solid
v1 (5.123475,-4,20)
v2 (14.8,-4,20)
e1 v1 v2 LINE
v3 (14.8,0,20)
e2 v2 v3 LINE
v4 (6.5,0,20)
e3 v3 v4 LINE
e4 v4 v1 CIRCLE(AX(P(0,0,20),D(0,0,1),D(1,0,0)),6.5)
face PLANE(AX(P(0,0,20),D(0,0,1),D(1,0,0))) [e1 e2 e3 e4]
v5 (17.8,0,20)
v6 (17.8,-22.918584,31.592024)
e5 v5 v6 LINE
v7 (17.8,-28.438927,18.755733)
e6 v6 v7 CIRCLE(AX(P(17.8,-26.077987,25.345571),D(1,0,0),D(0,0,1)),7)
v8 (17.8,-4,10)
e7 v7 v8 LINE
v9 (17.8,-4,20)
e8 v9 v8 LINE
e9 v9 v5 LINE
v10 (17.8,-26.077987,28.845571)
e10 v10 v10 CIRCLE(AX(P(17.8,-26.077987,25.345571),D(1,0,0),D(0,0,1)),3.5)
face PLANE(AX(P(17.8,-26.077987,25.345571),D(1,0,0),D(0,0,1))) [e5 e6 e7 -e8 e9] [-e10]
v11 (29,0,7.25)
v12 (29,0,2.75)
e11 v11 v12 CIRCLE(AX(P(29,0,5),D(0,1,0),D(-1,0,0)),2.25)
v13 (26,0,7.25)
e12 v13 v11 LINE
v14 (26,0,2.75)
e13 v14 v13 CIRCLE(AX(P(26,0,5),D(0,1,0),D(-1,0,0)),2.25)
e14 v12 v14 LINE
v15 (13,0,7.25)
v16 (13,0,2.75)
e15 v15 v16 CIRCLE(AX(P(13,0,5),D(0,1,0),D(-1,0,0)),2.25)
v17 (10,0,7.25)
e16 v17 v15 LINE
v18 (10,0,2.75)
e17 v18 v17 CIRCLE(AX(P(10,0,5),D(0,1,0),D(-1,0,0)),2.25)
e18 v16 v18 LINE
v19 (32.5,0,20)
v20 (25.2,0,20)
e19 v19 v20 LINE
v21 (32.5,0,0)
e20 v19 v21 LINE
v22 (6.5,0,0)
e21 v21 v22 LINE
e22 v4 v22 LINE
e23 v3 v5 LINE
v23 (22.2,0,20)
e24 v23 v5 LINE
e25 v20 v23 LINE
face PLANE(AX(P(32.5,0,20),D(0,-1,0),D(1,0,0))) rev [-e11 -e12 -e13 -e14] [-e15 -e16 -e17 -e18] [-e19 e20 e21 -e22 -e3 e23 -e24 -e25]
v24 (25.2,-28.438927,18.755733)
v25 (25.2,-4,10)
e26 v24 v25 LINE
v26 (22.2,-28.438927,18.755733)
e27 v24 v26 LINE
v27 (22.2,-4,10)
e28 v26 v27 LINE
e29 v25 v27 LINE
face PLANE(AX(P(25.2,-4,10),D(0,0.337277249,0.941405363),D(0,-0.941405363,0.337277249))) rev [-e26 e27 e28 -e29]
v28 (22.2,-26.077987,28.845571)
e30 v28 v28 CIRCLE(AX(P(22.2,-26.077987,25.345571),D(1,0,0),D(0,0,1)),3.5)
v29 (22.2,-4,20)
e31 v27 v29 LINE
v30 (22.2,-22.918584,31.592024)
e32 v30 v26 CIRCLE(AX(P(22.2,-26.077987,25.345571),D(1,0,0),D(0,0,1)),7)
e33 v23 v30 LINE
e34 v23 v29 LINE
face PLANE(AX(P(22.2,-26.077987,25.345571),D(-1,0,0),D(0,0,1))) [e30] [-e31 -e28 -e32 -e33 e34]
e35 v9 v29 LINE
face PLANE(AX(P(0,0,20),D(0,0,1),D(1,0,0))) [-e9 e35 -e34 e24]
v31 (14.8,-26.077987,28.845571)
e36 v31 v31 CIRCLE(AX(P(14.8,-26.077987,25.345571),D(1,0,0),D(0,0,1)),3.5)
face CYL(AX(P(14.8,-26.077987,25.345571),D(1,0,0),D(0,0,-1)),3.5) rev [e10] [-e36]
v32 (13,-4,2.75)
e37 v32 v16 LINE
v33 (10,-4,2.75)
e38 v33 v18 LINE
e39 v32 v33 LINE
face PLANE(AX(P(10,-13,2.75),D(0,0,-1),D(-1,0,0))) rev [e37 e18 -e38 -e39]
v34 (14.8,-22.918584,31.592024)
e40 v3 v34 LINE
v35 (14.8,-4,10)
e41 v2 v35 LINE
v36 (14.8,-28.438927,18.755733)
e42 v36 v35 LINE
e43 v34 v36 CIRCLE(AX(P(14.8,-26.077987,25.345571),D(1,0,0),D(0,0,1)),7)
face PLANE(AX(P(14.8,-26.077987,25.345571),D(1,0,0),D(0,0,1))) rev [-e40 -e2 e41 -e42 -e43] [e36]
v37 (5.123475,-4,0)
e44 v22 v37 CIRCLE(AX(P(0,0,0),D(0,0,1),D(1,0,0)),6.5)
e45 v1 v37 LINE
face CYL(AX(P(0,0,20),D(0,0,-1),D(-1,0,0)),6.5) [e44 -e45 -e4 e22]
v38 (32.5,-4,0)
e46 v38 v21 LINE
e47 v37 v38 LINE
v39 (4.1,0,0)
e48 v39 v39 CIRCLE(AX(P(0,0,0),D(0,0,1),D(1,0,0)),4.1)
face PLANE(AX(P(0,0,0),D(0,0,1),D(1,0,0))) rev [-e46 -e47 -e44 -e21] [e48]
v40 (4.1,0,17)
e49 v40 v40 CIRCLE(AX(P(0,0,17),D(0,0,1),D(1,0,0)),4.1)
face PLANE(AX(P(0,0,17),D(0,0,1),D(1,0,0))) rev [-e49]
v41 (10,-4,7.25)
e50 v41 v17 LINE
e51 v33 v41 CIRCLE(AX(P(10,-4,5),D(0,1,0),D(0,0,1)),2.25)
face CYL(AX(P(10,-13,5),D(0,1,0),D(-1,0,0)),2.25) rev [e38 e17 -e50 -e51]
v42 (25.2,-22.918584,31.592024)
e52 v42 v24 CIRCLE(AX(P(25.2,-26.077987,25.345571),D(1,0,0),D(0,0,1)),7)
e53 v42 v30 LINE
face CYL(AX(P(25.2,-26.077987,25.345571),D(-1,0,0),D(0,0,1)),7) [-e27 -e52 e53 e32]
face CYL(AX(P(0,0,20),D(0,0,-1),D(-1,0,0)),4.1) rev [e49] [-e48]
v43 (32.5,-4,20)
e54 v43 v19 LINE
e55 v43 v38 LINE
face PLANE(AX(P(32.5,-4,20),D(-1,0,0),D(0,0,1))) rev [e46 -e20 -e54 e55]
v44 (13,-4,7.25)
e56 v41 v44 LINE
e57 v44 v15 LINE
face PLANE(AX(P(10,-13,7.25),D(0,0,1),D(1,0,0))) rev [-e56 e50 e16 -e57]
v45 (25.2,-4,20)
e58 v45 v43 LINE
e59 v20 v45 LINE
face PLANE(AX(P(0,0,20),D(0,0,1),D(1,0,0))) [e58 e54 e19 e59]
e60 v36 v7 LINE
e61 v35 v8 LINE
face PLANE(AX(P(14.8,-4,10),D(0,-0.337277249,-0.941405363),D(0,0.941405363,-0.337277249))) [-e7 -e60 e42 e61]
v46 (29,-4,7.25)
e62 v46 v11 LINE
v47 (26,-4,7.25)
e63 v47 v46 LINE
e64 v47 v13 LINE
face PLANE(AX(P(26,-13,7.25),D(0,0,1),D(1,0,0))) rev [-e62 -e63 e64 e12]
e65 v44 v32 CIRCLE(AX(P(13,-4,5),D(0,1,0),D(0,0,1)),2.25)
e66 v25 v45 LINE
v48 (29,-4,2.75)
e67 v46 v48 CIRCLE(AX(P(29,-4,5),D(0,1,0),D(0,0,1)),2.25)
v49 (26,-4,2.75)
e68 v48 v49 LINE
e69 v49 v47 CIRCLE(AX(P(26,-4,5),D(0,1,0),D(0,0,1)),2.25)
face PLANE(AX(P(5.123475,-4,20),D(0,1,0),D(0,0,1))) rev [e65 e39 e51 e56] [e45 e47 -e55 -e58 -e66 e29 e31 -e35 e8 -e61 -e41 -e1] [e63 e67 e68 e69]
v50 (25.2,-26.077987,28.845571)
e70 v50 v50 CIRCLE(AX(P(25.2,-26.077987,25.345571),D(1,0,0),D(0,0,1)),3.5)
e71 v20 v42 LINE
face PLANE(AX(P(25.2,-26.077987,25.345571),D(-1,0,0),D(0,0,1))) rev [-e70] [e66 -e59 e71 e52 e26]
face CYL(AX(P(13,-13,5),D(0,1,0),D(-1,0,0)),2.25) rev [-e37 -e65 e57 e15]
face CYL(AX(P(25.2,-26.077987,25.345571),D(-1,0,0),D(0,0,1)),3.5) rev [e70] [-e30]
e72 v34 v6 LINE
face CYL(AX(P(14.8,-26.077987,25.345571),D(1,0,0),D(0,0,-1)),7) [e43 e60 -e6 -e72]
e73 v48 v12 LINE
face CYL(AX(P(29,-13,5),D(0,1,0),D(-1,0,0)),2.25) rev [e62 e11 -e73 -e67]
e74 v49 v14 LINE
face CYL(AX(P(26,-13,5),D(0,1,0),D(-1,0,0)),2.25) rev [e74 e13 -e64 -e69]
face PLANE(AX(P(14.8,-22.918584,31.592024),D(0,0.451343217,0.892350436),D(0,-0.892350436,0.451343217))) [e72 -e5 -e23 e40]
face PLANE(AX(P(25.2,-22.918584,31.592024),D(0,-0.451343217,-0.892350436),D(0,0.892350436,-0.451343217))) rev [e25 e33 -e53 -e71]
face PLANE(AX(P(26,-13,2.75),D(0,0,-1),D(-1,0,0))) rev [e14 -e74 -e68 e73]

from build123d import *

# Parameters (mm, degrees)
SKETCH_1_R          = 4.1
EXTRUDE_1_DEPTH     = 20
SKETCH_2_R          = 4.923200542
EXTRUDE_2_DEPTH     = 3
CUT_EXTRUDE_1_DEPTH = 13
SKETCH_6_R          = 3.5
EXTRUDE_3_DEPTH     = 3


with BuildPart() as part:
    # Эскиз1 → Бобышка-Вытянуть1 (new body)
    with BuildSketch(Plane.XY):
        with BuildLine():
            Line((5.123475383, -4), (32.5, -4))
            Line((32.5, -4), (32.5, 0))
            Line((32.5, 0), (6.5, 0))
            ThreePointArc((6.5, 0), (-6.146242348, 2.115113473), (5.123475383, -4))
        make_face()
        Circle(SKETCH_1_R, mode=Mode.SUBTRACT)
    extrude(amount=EXTRUDE_1_DEPTH)

    # Эскиз2 → Бобышка-Вытянуть2 (add)
    with BuildSketch(Plane.XY.offset(20)):
        Circle(SKETCH_2_R)
    extrude(amount=-EXTRUDE_2_DEPTH)

    # Эскиз3 → Вырез-Вытянуть1 (cut)
    with BuildSketch(Plane(origin=(0, 0, 0), x_dir=(1, 0, 0), z_dir=(0, 1, 0))):
        with BuildLine():
            Line((10, -7.25), (13, -7.25))
            ThreePointArc((13, -7.25), (15.25, -5), (13, -2.75))
            Line((13, -2.75), (10, -2.75))
            ThreePointArc((10, -2.75), (7.75, -5), (10, -7.25))
        make_face()
        with BuildLine():
            Line((26, -2.75), (29, -2.75))
            ThreePointArc((29, -2.75), (31.25, -5), (29, -7.25))
            Line((29, -7.25), (26, -7.25))
            ThreePointArc((26, -7.25), (23.75, -5), (26, -2.75))
        make_face()
    extrude(amount=-CUT_EXTRUDE_1_DEPTH, mode=Mode.SUBTRACT)

    # Эскиз6 → Бобышка-Вытянуть3 (add)
    with BuildSketch(Plane(origin=(22.2, 0, 0), x_dir=(0, 0, -1), z_dir=(1, 0, 0))):
        with BuildLine():
            Line((-31.59202383, -22.918584172), (-20, 0))
            Line((-20, 0), (-10, -4))
            Line((-10, -4), (-18.755733241, -28.438927439))
            ThreePointArc((-18.755733241, -28.438927439), (-28.111077184, -32.508536772), (-31.59202383, -22.918584172))
        make_face()
        with Locations((-25.34557078, -26.077986693)):
            Circle(SKETCH_6_R, mode=Mode.SUBTRACT)
    extrude_3 = extrude(amount=EXTRUDE_3_DEPTH)

    # Зеркальное отражение1: Бобышка-Вытянуть3 across plane
    add(extrude_3.mirror(Plane(origin=(20, 0, 0), x_dir=(0, 0, 1), z_dir=(1, 0, 0))))


solid = part.part
